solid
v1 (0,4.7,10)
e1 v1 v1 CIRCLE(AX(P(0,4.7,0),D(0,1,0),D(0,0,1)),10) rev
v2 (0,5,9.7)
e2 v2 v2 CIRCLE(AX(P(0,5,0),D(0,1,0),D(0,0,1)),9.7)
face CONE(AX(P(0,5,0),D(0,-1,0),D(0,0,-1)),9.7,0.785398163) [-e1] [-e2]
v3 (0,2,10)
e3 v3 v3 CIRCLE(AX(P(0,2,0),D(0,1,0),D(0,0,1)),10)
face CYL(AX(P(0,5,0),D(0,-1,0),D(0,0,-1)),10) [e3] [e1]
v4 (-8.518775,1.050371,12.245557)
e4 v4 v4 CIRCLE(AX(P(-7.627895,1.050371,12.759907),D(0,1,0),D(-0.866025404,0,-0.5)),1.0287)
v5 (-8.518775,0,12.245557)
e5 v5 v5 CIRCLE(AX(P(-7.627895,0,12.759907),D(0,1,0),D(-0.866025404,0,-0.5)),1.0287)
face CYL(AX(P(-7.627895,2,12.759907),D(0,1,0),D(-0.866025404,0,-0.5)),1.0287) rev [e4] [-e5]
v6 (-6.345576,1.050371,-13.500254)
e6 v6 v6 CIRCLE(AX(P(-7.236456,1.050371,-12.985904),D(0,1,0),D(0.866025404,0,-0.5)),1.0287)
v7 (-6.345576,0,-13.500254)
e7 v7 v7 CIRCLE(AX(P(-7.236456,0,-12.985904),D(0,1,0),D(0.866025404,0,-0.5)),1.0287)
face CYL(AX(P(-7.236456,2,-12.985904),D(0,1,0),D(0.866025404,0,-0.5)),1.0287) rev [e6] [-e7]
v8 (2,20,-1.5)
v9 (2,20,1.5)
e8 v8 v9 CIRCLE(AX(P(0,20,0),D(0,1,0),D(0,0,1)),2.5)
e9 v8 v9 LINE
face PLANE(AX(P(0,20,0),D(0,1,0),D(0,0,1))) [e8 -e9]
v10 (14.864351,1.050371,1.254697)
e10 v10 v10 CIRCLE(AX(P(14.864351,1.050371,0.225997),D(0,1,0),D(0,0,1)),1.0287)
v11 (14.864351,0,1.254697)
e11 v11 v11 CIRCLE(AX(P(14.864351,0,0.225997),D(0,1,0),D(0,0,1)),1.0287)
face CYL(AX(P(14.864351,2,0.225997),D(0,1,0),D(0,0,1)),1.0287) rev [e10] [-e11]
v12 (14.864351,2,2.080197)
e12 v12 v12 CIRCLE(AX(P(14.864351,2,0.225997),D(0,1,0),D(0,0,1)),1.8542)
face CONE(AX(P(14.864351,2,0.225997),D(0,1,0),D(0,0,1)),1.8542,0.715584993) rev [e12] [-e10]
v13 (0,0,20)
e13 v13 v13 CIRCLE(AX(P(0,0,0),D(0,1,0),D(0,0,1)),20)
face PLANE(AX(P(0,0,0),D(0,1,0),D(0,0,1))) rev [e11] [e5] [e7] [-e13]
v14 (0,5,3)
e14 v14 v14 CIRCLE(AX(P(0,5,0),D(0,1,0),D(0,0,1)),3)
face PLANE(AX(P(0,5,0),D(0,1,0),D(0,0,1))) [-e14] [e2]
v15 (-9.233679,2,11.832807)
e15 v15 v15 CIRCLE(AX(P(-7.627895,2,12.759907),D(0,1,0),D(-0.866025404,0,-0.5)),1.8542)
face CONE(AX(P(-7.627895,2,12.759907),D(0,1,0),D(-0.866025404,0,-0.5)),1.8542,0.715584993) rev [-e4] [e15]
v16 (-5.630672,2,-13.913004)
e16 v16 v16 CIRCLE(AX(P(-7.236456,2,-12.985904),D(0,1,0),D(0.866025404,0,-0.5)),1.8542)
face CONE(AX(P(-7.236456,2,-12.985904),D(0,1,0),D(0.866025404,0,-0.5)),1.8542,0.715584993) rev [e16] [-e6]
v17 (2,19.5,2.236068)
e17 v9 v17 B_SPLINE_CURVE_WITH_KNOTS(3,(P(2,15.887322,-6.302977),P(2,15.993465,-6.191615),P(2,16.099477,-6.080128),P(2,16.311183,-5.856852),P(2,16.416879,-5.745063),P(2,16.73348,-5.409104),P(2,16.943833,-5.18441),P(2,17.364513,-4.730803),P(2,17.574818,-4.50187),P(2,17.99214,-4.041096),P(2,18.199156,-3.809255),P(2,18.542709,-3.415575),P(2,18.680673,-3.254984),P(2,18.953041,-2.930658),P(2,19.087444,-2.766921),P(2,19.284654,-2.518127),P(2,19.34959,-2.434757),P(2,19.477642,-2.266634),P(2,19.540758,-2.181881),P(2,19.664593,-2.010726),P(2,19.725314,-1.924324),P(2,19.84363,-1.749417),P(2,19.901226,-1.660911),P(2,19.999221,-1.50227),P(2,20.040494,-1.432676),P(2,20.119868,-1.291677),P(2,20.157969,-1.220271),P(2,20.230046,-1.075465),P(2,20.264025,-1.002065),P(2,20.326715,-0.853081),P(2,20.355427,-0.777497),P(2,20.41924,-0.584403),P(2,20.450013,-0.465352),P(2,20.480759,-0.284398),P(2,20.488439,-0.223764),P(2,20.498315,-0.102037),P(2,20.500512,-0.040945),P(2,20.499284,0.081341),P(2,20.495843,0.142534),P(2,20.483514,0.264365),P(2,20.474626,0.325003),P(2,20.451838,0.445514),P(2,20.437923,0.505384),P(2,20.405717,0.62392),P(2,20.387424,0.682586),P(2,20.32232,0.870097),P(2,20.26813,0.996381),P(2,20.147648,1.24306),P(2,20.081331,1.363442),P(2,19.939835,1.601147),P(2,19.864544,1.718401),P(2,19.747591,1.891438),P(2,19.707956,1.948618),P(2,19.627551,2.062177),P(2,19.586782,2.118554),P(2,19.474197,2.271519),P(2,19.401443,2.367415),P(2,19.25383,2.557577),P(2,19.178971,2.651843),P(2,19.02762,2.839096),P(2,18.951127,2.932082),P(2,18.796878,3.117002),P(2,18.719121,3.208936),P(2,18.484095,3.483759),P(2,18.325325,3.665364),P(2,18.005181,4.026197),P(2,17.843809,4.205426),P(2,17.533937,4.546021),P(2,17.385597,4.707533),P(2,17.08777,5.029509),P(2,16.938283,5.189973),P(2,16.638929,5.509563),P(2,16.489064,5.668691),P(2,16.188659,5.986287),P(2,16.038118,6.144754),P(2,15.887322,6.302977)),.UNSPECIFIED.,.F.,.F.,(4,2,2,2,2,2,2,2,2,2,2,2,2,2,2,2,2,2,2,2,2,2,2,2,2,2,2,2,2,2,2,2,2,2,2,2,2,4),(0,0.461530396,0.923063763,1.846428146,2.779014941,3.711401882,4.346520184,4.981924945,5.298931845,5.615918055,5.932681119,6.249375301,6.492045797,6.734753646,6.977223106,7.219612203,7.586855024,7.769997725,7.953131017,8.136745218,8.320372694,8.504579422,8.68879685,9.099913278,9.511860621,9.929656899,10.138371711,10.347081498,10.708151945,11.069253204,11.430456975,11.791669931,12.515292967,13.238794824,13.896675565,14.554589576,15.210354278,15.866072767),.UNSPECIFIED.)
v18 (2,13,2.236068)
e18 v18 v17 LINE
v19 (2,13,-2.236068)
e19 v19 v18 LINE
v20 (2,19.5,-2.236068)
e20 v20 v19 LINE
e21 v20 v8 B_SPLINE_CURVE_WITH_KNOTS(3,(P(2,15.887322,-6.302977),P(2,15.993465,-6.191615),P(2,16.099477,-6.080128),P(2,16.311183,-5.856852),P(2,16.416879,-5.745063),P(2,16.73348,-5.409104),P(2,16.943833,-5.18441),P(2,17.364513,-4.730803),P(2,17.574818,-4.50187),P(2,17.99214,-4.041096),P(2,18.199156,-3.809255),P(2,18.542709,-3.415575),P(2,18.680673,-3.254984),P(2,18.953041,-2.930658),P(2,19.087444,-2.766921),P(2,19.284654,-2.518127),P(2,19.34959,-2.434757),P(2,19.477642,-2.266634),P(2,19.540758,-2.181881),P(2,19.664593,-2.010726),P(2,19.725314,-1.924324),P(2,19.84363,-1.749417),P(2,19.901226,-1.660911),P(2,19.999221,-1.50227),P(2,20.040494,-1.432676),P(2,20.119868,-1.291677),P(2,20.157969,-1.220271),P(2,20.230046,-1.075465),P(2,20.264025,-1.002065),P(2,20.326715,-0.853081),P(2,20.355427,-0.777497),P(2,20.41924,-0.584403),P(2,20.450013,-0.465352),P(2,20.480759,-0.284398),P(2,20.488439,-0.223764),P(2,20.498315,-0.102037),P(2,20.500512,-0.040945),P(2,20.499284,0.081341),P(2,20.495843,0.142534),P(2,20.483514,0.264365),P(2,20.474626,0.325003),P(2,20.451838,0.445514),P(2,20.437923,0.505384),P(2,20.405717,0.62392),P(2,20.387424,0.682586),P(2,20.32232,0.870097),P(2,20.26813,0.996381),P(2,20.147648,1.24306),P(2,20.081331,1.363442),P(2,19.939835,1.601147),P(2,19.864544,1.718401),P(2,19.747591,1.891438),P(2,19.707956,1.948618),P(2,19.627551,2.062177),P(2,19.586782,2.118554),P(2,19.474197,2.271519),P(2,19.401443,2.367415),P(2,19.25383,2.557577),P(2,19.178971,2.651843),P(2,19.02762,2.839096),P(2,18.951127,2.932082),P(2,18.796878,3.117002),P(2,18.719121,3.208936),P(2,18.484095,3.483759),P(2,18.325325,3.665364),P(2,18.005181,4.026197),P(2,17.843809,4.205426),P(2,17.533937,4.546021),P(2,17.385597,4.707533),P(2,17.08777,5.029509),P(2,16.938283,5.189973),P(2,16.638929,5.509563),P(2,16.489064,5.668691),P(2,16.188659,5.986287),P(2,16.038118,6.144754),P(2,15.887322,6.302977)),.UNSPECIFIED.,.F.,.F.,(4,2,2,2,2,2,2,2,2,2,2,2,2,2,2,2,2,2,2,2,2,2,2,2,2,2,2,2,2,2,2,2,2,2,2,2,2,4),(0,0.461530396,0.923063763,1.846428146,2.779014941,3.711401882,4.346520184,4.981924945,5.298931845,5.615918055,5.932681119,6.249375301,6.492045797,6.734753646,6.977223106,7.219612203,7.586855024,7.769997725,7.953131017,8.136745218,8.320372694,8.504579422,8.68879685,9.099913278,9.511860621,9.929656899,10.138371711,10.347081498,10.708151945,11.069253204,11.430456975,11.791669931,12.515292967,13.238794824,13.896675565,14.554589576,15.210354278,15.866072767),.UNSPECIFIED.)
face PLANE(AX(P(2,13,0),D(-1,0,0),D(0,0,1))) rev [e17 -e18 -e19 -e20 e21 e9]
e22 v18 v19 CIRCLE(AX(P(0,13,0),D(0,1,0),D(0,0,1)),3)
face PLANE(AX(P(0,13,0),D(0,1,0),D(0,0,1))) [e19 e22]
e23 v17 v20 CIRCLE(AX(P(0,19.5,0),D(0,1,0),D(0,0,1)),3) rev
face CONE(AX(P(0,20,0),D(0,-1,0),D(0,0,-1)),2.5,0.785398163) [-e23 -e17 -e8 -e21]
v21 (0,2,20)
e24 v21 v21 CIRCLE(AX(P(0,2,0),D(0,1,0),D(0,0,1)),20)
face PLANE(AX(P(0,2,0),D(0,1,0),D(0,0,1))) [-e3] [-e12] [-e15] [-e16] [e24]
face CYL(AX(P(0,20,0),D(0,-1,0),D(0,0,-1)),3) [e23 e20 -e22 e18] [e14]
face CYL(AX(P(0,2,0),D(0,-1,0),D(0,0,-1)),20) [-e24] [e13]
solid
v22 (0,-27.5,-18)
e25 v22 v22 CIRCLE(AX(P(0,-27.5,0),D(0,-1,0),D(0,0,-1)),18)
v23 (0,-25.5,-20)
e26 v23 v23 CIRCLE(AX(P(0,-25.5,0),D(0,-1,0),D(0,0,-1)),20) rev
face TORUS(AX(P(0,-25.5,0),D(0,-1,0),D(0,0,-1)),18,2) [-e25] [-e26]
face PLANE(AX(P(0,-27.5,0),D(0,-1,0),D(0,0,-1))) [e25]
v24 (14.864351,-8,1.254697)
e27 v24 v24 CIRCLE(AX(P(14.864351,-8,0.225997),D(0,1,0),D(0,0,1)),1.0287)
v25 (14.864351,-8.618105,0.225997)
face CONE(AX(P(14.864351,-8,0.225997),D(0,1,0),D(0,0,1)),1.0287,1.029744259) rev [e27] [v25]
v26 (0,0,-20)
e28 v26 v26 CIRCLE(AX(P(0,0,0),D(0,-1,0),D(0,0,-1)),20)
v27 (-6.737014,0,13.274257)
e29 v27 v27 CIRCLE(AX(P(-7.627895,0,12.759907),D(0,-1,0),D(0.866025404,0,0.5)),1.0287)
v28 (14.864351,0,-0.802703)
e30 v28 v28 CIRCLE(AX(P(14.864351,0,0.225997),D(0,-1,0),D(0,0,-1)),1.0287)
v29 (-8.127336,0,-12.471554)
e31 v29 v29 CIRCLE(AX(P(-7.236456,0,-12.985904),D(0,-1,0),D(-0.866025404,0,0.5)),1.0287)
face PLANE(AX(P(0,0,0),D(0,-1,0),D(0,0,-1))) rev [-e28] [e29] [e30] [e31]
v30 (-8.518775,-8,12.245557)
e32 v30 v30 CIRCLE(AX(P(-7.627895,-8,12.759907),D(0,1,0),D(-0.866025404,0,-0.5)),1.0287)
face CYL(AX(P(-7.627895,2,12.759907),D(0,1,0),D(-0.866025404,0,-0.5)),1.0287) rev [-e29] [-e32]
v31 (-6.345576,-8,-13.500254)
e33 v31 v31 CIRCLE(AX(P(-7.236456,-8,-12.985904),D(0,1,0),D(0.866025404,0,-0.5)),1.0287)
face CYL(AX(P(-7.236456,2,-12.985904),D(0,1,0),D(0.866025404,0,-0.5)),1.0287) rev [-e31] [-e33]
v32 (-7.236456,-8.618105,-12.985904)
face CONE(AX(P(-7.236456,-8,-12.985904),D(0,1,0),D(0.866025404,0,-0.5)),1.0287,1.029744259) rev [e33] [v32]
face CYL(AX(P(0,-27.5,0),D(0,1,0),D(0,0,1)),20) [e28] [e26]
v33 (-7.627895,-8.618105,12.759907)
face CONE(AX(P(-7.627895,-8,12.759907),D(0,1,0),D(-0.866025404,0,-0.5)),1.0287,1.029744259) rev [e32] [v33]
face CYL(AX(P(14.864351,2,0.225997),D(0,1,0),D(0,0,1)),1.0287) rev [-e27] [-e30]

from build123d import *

# Parameters (mm, degrees)
CROQUIS1_R              = 20
SALIENTE_EXTRUIR1_DEPTH = 2
CROQUIS2_R              = 10
SALIENTE_EXTRUIR2_DEPTH = 3
CROQUIS3_R              = 3
SALIENTE_EXTRUIR3_DEPTH = 15
CHAFL_N1_SIZE           = 0.5
CHAFL_N2_SIZE           = 0.3
CROQUIS4_R              = 20
SALIENTE_EXTRUIR4_DEPTH = 27.5
REDONDEO1_R             = 2
CORTAR_EXTRUIR2_DEPTH   = 7
MATRIZC8_COUNT          = 3


with BuildPart() as part:
    # Croquis1 → Saliente-Extruir1 (new body)
    with BuildSketch(Plane(origin=(0, 0, 0), x_dir=(1, 0, 0), z_dir=(0, 1, 0))):
        Circle(CROQUIS1_R)
    extrude(amount=SALIENTE_EXTRUIR1_DEPTH)

    # Croquis2 → Saliente-Extruir2 (add)
    with BuildSketch(Plane(origin=(0, 2, 0), x_dir=(1, 0, 0), z_dir=(0, 1, 0))):
        Circle(CROQUIS2_R)
    extrude(amount=SALIENTE_EXTRUIR2_DEPTH)

    # Croquis3 → Saliente-Extruir3 (add)
    with BuildSketch(Plane(origin=(0, 5, 0), x_dir=(1, 0, 0), z_dir=(0, 1, 0))):
        Circle(CROQUIS3_R)
    extrude(amount=SALIENTE_EXTRUIR3_DEPTH)

    # Chaflán1
    chafl_n1_edges = [part.edges().sort_by_distance(p)[0] for p in [
        (-3, 20, 0),
    ]]
    chamfer(chafl_n1_edges, length=CHAFL_N1_SIZE)

    # Chaflán2
    chafl_n2_edges = [part.edges().sort_by_distance(p)[0] for p in [
        (-10, 5, 0),
    ]]
    chamfer(chafl_n2_edges, length=CHAFL_N2_SIZE)

    # Croquis6 → Cortar-Extruir2 (cut)
    with BuildSketch(Plane(origin=(0, 20, 0), x_dir=(1, 0, 0), z_dir=(0, 1, 0))):
        Polygon((2, 0), (2, -3), (4, -3), (4, 3), (2, 3), align=None)
    extrude(amount=-CORTAR_EXTRUIR2_DEPTH, mode=Mode.SUBTRACT)


with BuildPart() as body_2:
    # Croquis4 → Saliente-Extruir4 (new body)
    with BuildSketch(Plane.XZ):
        Circle(CROQUIS4_R)
    extrude(amount=SALIENTE_EXTRUIR4_DEPTH)

    # Redondeo1
    redondeo1_edges = [body_2.edges().sort_by_distance(p)[0] for p in [
        (-20, -27.5, 0),
    ]]
    fillet(redondeo1_edges, radius=REDONDEO1_R)


with BuildPart() as avellanado_para_tornillo_con_cabeza_oval_tool:
    # Croquis9 → Avellanado para tornillo con cabeza ovalada de #11 (revolve)
    with BuildSketch(Plane(origin=(14.86435082, 2, 0.225997135), x_dir=(0, 0, 1), z_dir=(1, 0, 0))):
        Polygon((0, 0), (0, 10.618105319), (1.0287, 10), (1.0287, 0.94962912), (1.8542, 0), align=None)
    avellanado_para_tornillo_con_cabeza_oval = revolve(axis=Axis((14.86435082, 8.35, 0.225997135), (0, -1, 0)))


with BuildPart() as part_1:
    add(part.part)

    # Avellanado para tornillo con cabeza ovalada de #11: cut by avellanado_para_tornillo_con_cabeza_oval_tool
    add(avellanado_para_tornillo_con_cabeza_oval_tool.part, mode=Mode.SUBTRACT)


with BuildPart() as body_2_1:
    add(body_2.part)

    # Avellanado para tornillo con cabeza ovalada de #11: cut by avellanado_para_tornillo_con_cabeza_oval_tool
    add(avellanado_para_tornillo_con_cabeza_oval_tool.part, mode=Mode.SUBTRACT)


with BuildPart() as matrizc8_tool:
    # MatrizC8: Avellanado para tornillo con cabeza ovalada de #11 ×3 about axis
    matrizc8_axis = Axis((0, 0, 0), (0, 1, 0))
    for i in range(1, MATRIZC8_COUNT):
        add(avellanado_para_tornillo_con_cabeza_oval.rotate(matrizc8_axis, i * 360 / MATRIZC8_COUNT))


with BuildPart() as part_2:
    add(part_1.part)

    # MatrizC8: cut by matrizc8_tool
    add(matrizc8_tool.part, mode=Mode.SUBTRACT)


with BuildPart() as body_2_2:
    add(body_2_1.part)

    # MatrizC8: cut by matrizc8_tool
    add(matrizc8_tool.part, mode=Mode.SUBTRACT)


solid = Compound([part_2.part, body_2_2.part])
